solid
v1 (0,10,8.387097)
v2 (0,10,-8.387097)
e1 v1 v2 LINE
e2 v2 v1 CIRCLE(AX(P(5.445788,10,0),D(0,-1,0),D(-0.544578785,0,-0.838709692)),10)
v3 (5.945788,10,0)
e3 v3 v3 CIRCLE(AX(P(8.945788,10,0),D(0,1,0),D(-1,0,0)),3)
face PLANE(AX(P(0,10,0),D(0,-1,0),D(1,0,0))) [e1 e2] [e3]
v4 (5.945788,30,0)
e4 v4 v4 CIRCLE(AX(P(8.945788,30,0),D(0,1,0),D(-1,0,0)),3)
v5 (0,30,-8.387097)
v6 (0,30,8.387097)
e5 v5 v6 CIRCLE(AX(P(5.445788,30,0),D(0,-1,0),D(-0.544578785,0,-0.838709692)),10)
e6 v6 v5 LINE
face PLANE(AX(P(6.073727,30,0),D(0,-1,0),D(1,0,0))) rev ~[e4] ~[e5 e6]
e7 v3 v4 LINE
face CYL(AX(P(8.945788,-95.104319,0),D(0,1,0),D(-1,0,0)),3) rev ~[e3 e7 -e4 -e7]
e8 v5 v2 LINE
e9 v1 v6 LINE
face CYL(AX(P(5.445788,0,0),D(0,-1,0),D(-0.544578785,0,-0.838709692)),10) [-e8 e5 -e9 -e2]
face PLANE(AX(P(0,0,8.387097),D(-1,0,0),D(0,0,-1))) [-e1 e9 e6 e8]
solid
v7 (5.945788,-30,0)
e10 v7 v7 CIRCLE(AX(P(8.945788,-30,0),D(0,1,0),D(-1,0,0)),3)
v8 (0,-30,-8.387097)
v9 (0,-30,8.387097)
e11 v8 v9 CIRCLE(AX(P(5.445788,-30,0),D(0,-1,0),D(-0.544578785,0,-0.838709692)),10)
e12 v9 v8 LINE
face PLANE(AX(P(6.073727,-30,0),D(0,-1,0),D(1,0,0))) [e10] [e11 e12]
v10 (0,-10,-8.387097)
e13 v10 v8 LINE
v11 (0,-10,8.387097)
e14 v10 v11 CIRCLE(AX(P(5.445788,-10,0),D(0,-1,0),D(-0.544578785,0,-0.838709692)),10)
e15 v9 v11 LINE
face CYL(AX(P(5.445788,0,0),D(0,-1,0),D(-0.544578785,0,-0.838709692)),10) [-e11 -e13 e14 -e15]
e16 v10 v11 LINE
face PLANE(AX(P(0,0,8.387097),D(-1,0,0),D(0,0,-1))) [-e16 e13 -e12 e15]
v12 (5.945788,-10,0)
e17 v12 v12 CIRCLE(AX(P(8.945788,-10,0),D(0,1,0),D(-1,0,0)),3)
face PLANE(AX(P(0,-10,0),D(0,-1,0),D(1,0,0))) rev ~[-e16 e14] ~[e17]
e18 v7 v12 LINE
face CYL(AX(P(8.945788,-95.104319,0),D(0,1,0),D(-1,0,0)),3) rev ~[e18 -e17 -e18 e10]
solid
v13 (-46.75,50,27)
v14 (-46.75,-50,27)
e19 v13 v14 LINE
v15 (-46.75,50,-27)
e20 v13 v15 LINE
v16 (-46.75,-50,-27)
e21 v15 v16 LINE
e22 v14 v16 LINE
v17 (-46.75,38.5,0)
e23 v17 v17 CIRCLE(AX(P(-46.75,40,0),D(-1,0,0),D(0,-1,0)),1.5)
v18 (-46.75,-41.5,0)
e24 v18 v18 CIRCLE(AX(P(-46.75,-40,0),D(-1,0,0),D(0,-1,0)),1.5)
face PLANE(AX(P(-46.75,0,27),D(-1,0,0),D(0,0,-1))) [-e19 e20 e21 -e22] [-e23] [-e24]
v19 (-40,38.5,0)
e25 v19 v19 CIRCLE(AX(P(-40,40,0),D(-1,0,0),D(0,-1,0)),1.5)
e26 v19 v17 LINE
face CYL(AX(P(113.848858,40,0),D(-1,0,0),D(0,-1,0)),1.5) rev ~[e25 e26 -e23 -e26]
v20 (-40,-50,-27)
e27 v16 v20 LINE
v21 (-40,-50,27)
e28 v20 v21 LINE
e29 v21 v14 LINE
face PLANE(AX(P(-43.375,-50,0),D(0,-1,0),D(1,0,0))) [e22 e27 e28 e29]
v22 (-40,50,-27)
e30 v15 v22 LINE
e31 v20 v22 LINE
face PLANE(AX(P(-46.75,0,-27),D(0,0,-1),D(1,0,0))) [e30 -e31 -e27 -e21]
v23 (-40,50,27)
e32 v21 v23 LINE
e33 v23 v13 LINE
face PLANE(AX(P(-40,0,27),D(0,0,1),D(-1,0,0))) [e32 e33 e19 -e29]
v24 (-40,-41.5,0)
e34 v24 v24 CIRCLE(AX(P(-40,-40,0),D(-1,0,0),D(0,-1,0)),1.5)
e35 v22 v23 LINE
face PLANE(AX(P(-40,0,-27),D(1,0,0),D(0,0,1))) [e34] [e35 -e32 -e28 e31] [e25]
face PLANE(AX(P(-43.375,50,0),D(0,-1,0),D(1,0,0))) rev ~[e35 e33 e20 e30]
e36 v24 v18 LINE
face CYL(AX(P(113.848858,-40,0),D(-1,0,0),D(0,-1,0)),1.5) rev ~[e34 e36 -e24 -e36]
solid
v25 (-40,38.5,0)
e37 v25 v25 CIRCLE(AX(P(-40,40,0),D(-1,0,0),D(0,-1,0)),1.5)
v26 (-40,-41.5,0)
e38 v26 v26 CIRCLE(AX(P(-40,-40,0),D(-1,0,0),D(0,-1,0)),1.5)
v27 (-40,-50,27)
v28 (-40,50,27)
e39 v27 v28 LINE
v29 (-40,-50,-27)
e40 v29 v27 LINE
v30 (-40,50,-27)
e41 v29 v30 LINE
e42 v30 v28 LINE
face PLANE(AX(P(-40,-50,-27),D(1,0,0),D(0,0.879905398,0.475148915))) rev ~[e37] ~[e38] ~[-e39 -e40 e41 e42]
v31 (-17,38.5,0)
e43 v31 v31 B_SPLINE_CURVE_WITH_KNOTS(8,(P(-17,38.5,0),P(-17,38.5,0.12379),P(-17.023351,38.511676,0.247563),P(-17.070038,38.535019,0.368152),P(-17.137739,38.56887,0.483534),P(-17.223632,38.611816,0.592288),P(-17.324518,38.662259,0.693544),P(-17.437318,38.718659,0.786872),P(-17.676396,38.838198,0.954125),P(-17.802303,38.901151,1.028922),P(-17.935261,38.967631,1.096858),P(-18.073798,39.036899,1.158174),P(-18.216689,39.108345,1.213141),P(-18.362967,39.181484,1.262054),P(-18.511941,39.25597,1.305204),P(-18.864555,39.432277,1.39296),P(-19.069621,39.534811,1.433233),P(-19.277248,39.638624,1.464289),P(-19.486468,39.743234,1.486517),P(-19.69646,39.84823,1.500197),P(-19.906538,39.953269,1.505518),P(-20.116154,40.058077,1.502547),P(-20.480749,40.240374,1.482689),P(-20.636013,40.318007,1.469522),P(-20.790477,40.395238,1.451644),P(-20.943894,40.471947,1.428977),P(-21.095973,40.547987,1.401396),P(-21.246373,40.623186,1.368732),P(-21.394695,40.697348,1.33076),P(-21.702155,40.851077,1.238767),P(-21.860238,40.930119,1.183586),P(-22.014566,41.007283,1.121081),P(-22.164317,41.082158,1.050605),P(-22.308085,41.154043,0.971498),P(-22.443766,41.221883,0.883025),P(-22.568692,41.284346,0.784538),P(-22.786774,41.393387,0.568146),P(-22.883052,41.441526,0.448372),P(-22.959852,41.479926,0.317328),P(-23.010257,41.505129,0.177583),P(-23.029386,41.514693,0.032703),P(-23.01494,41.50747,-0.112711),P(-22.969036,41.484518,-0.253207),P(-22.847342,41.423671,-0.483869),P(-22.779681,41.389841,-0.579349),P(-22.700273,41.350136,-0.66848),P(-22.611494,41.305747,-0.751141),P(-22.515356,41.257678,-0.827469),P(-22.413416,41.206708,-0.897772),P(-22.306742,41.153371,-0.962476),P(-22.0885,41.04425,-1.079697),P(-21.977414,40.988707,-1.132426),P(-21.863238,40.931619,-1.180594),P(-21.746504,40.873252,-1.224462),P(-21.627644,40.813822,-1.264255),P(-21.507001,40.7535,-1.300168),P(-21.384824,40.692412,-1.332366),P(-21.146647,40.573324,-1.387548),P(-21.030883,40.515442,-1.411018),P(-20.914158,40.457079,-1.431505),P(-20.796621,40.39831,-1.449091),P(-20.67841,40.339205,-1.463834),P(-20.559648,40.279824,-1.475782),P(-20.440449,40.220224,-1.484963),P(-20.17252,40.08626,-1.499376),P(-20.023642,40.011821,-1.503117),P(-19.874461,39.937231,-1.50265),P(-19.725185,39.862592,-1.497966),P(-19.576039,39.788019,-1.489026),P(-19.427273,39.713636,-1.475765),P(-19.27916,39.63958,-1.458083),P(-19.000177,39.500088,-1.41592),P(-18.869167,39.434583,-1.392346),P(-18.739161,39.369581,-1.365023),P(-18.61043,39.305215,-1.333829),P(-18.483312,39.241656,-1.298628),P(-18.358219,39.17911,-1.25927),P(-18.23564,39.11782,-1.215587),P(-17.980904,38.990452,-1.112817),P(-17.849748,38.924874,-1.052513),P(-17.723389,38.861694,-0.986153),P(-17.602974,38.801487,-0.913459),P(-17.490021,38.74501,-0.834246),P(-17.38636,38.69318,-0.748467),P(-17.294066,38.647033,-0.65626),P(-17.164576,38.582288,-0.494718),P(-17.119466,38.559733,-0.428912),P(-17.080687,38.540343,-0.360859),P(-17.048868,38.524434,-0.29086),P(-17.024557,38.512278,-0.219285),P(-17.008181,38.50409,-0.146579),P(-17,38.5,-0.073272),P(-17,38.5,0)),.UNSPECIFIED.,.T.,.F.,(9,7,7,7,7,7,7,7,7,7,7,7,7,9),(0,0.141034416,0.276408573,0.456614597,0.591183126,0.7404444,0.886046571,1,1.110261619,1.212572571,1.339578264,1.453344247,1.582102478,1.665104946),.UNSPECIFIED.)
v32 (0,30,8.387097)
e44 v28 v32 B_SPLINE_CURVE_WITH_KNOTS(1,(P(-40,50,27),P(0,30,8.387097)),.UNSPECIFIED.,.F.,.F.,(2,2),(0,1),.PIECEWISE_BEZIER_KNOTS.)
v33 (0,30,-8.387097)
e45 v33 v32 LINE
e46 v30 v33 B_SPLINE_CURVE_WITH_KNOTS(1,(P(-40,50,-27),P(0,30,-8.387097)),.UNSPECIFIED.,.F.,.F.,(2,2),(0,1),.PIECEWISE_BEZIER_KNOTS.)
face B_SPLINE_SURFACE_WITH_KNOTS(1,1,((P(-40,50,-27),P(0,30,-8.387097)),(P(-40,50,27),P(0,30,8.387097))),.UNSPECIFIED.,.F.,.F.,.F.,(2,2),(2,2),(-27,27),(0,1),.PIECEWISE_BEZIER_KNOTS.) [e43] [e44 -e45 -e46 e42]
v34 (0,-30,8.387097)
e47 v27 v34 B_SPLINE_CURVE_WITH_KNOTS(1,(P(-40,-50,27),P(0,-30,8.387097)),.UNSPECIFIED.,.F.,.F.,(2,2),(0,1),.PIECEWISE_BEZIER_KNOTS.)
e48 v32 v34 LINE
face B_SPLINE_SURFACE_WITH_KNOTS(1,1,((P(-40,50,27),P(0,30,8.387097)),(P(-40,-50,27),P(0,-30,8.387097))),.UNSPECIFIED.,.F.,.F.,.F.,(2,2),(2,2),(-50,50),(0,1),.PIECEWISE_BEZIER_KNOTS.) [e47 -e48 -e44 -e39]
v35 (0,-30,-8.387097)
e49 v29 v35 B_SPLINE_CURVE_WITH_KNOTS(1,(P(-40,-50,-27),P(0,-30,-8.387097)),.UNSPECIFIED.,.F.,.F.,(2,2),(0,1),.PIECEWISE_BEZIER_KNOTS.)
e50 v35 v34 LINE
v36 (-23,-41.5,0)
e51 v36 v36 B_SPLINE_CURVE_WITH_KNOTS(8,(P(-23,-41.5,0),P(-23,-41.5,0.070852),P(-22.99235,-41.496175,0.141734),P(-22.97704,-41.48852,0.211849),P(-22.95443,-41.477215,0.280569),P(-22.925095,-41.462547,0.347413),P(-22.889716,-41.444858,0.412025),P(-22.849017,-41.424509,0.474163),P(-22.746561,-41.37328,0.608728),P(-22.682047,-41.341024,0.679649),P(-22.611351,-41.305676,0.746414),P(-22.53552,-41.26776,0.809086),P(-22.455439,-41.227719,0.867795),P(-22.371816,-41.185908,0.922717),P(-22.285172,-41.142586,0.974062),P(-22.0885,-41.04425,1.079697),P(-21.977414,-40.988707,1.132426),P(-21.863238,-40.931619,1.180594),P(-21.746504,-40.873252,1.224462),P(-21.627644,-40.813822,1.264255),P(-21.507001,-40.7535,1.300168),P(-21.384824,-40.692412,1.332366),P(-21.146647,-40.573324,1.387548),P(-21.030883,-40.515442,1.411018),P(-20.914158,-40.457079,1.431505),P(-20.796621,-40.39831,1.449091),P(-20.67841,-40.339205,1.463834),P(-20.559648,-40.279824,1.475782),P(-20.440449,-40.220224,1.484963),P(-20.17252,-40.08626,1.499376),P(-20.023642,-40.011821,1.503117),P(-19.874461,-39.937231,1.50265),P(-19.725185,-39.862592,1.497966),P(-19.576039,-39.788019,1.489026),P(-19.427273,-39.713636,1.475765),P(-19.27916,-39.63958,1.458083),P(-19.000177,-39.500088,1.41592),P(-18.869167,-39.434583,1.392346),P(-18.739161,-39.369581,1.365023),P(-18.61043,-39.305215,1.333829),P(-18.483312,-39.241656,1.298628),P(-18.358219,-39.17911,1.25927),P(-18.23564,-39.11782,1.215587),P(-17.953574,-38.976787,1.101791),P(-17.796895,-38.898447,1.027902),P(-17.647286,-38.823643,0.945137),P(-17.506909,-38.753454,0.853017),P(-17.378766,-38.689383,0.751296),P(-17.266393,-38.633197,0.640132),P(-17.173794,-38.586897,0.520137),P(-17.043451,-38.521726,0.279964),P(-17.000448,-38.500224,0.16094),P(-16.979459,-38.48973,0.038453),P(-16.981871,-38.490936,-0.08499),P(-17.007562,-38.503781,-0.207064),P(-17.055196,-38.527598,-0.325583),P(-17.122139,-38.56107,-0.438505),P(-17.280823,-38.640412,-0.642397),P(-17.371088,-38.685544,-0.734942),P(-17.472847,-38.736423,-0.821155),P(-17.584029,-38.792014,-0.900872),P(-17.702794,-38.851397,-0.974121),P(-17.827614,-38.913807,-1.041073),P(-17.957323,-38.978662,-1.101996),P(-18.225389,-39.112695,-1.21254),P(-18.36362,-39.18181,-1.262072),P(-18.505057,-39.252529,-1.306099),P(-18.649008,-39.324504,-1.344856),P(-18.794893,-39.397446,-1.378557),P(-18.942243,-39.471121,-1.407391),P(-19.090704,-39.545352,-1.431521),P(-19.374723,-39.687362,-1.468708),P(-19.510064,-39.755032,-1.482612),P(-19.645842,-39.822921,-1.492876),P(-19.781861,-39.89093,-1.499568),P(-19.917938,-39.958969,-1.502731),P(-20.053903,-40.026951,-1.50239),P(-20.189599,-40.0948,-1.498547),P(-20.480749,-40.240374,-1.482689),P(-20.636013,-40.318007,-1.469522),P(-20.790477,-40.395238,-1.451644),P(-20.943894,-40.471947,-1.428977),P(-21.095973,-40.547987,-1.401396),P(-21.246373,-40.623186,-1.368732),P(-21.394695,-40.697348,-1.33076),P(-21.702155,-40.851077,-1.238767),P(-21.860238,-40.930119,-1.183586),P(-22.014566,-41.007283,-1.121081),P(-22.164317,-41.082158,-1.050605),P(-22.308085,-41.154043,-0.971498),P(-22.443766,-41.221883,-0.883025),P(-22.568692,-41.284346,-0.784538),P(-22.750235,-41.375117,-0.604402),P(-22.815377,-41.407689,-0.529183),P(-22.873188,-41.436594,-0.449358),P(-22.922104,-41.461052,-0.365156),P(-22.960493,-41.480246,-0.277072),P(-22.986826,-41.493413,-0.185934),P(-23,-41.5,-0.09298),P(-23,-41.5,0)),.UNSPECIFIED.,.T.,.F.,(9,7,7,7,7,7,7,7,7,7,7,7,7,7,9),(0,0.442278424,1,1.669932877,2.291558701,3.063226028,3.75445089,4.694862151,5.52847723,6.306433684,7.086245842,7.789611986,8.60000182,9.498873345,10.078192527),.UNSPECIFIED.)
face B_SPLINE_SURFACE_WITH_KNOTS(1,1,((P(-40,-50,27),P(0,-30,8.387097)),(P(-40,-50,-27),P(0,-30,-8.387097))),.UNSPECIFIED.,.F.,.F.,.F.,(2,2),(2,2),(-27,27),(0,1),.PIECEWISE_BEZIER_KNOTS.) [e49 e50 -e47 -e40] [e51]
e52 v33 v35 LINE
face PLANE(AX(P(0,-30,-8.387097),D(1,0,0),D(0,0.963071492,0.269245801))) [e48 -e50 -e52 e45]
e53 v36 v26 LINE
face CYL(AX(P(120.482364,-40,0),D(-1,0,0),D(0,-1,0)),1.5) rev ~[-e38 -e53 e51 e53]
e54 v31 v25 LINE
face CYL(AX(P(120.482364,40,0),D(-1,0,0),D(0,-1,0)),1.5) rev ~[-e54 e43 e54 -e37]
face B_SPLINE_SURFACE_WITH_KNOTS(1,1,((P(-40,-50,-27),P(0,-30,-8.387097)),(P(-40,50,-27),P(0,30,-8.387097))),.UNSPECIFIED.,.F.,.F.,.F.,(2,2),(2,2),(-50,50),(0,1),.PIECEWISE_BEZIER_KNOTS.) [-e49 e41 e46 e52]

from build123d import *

# Parameters (mm, degrees)
F1_DEPTH  = 30
F3_DEPTH  = 50
F3_FACE_W = 100
F3_FACE_H = 54
F1_FACE_W = 60
F1_FACE_H = 16.774194
F6_W      = 24
F6_H      = 20
F7_DEPTH  = 16.5
F9_D      = 3
F9_2_D    = 3
F10_D     = 6


with BuildPart() as f1:
    # F0 (on Front) → F1 (new body, symmetric)
    with BuildSketch(Plane.XZ):
        with BuildLine():
            Line((0, 8.387097), (0, -8.387097))
            ThreePointArc((0, -8.387097), (15.445788, 0), (0, 8.387097))
        make_face()
    extrude(amount=F1_DEPTH, both=True)

    # F6 (on Top) → F7 (cut, symmetric)
    with BuildSketch(Plane.XY):
        with Locations((12, 0)):
            Rectangle(F6_W, F6_H)
    extrude(amount=F7_DEPTH, both=True, mode=Mode.SUBTRACT)

    # F10 (through all)
    with Locations(Plane.XZ.offset(30)):
        with Locations((8.945788, 0)):
            Hole(F10_D / 2)


with BuildPart() as f3:
    # F2 (on Front) → F3 (new body, symmetric)
    with BuildSketch(Plane.XZ):
        Polygon((-40, 27), (-46.75, 27), (-46.75, 0), (-46.75, -27), (-40, -27), (-40, 0), align=None)
    extrude(amount=F3_DEPTH, both=True)

    # F9 (through all)
    with Locations(Plane.YZ):
        with Locations((-40, 0), (40, 0)):
            Hole(F9_D / 2)


with BuildPart() as f4:
    # F3_face (on face) → F4 section 0
    with BuildSketch(Plane.YZ.offset(-40)):
        Rectangle(F3_FACE_W, F3_FACE_H)
    # F1_face (on face) → F4 section 1
    with BuildSketch(Plane(origin=(0, 0, 0), x_dir=(0, -1, 0), z_dir=(-1, 0, 0))):
        Rectangle(F1_FACE_W, F1_FACE_H)
    loft()

    # F9#2 (through all)
    with Locations(Plane.YZ):
        with Locations((-40, 0), (40, 0)):
            Hole(F9_2_D / 2)


solid = Compound([f1.part, f3.part, f4.part])
